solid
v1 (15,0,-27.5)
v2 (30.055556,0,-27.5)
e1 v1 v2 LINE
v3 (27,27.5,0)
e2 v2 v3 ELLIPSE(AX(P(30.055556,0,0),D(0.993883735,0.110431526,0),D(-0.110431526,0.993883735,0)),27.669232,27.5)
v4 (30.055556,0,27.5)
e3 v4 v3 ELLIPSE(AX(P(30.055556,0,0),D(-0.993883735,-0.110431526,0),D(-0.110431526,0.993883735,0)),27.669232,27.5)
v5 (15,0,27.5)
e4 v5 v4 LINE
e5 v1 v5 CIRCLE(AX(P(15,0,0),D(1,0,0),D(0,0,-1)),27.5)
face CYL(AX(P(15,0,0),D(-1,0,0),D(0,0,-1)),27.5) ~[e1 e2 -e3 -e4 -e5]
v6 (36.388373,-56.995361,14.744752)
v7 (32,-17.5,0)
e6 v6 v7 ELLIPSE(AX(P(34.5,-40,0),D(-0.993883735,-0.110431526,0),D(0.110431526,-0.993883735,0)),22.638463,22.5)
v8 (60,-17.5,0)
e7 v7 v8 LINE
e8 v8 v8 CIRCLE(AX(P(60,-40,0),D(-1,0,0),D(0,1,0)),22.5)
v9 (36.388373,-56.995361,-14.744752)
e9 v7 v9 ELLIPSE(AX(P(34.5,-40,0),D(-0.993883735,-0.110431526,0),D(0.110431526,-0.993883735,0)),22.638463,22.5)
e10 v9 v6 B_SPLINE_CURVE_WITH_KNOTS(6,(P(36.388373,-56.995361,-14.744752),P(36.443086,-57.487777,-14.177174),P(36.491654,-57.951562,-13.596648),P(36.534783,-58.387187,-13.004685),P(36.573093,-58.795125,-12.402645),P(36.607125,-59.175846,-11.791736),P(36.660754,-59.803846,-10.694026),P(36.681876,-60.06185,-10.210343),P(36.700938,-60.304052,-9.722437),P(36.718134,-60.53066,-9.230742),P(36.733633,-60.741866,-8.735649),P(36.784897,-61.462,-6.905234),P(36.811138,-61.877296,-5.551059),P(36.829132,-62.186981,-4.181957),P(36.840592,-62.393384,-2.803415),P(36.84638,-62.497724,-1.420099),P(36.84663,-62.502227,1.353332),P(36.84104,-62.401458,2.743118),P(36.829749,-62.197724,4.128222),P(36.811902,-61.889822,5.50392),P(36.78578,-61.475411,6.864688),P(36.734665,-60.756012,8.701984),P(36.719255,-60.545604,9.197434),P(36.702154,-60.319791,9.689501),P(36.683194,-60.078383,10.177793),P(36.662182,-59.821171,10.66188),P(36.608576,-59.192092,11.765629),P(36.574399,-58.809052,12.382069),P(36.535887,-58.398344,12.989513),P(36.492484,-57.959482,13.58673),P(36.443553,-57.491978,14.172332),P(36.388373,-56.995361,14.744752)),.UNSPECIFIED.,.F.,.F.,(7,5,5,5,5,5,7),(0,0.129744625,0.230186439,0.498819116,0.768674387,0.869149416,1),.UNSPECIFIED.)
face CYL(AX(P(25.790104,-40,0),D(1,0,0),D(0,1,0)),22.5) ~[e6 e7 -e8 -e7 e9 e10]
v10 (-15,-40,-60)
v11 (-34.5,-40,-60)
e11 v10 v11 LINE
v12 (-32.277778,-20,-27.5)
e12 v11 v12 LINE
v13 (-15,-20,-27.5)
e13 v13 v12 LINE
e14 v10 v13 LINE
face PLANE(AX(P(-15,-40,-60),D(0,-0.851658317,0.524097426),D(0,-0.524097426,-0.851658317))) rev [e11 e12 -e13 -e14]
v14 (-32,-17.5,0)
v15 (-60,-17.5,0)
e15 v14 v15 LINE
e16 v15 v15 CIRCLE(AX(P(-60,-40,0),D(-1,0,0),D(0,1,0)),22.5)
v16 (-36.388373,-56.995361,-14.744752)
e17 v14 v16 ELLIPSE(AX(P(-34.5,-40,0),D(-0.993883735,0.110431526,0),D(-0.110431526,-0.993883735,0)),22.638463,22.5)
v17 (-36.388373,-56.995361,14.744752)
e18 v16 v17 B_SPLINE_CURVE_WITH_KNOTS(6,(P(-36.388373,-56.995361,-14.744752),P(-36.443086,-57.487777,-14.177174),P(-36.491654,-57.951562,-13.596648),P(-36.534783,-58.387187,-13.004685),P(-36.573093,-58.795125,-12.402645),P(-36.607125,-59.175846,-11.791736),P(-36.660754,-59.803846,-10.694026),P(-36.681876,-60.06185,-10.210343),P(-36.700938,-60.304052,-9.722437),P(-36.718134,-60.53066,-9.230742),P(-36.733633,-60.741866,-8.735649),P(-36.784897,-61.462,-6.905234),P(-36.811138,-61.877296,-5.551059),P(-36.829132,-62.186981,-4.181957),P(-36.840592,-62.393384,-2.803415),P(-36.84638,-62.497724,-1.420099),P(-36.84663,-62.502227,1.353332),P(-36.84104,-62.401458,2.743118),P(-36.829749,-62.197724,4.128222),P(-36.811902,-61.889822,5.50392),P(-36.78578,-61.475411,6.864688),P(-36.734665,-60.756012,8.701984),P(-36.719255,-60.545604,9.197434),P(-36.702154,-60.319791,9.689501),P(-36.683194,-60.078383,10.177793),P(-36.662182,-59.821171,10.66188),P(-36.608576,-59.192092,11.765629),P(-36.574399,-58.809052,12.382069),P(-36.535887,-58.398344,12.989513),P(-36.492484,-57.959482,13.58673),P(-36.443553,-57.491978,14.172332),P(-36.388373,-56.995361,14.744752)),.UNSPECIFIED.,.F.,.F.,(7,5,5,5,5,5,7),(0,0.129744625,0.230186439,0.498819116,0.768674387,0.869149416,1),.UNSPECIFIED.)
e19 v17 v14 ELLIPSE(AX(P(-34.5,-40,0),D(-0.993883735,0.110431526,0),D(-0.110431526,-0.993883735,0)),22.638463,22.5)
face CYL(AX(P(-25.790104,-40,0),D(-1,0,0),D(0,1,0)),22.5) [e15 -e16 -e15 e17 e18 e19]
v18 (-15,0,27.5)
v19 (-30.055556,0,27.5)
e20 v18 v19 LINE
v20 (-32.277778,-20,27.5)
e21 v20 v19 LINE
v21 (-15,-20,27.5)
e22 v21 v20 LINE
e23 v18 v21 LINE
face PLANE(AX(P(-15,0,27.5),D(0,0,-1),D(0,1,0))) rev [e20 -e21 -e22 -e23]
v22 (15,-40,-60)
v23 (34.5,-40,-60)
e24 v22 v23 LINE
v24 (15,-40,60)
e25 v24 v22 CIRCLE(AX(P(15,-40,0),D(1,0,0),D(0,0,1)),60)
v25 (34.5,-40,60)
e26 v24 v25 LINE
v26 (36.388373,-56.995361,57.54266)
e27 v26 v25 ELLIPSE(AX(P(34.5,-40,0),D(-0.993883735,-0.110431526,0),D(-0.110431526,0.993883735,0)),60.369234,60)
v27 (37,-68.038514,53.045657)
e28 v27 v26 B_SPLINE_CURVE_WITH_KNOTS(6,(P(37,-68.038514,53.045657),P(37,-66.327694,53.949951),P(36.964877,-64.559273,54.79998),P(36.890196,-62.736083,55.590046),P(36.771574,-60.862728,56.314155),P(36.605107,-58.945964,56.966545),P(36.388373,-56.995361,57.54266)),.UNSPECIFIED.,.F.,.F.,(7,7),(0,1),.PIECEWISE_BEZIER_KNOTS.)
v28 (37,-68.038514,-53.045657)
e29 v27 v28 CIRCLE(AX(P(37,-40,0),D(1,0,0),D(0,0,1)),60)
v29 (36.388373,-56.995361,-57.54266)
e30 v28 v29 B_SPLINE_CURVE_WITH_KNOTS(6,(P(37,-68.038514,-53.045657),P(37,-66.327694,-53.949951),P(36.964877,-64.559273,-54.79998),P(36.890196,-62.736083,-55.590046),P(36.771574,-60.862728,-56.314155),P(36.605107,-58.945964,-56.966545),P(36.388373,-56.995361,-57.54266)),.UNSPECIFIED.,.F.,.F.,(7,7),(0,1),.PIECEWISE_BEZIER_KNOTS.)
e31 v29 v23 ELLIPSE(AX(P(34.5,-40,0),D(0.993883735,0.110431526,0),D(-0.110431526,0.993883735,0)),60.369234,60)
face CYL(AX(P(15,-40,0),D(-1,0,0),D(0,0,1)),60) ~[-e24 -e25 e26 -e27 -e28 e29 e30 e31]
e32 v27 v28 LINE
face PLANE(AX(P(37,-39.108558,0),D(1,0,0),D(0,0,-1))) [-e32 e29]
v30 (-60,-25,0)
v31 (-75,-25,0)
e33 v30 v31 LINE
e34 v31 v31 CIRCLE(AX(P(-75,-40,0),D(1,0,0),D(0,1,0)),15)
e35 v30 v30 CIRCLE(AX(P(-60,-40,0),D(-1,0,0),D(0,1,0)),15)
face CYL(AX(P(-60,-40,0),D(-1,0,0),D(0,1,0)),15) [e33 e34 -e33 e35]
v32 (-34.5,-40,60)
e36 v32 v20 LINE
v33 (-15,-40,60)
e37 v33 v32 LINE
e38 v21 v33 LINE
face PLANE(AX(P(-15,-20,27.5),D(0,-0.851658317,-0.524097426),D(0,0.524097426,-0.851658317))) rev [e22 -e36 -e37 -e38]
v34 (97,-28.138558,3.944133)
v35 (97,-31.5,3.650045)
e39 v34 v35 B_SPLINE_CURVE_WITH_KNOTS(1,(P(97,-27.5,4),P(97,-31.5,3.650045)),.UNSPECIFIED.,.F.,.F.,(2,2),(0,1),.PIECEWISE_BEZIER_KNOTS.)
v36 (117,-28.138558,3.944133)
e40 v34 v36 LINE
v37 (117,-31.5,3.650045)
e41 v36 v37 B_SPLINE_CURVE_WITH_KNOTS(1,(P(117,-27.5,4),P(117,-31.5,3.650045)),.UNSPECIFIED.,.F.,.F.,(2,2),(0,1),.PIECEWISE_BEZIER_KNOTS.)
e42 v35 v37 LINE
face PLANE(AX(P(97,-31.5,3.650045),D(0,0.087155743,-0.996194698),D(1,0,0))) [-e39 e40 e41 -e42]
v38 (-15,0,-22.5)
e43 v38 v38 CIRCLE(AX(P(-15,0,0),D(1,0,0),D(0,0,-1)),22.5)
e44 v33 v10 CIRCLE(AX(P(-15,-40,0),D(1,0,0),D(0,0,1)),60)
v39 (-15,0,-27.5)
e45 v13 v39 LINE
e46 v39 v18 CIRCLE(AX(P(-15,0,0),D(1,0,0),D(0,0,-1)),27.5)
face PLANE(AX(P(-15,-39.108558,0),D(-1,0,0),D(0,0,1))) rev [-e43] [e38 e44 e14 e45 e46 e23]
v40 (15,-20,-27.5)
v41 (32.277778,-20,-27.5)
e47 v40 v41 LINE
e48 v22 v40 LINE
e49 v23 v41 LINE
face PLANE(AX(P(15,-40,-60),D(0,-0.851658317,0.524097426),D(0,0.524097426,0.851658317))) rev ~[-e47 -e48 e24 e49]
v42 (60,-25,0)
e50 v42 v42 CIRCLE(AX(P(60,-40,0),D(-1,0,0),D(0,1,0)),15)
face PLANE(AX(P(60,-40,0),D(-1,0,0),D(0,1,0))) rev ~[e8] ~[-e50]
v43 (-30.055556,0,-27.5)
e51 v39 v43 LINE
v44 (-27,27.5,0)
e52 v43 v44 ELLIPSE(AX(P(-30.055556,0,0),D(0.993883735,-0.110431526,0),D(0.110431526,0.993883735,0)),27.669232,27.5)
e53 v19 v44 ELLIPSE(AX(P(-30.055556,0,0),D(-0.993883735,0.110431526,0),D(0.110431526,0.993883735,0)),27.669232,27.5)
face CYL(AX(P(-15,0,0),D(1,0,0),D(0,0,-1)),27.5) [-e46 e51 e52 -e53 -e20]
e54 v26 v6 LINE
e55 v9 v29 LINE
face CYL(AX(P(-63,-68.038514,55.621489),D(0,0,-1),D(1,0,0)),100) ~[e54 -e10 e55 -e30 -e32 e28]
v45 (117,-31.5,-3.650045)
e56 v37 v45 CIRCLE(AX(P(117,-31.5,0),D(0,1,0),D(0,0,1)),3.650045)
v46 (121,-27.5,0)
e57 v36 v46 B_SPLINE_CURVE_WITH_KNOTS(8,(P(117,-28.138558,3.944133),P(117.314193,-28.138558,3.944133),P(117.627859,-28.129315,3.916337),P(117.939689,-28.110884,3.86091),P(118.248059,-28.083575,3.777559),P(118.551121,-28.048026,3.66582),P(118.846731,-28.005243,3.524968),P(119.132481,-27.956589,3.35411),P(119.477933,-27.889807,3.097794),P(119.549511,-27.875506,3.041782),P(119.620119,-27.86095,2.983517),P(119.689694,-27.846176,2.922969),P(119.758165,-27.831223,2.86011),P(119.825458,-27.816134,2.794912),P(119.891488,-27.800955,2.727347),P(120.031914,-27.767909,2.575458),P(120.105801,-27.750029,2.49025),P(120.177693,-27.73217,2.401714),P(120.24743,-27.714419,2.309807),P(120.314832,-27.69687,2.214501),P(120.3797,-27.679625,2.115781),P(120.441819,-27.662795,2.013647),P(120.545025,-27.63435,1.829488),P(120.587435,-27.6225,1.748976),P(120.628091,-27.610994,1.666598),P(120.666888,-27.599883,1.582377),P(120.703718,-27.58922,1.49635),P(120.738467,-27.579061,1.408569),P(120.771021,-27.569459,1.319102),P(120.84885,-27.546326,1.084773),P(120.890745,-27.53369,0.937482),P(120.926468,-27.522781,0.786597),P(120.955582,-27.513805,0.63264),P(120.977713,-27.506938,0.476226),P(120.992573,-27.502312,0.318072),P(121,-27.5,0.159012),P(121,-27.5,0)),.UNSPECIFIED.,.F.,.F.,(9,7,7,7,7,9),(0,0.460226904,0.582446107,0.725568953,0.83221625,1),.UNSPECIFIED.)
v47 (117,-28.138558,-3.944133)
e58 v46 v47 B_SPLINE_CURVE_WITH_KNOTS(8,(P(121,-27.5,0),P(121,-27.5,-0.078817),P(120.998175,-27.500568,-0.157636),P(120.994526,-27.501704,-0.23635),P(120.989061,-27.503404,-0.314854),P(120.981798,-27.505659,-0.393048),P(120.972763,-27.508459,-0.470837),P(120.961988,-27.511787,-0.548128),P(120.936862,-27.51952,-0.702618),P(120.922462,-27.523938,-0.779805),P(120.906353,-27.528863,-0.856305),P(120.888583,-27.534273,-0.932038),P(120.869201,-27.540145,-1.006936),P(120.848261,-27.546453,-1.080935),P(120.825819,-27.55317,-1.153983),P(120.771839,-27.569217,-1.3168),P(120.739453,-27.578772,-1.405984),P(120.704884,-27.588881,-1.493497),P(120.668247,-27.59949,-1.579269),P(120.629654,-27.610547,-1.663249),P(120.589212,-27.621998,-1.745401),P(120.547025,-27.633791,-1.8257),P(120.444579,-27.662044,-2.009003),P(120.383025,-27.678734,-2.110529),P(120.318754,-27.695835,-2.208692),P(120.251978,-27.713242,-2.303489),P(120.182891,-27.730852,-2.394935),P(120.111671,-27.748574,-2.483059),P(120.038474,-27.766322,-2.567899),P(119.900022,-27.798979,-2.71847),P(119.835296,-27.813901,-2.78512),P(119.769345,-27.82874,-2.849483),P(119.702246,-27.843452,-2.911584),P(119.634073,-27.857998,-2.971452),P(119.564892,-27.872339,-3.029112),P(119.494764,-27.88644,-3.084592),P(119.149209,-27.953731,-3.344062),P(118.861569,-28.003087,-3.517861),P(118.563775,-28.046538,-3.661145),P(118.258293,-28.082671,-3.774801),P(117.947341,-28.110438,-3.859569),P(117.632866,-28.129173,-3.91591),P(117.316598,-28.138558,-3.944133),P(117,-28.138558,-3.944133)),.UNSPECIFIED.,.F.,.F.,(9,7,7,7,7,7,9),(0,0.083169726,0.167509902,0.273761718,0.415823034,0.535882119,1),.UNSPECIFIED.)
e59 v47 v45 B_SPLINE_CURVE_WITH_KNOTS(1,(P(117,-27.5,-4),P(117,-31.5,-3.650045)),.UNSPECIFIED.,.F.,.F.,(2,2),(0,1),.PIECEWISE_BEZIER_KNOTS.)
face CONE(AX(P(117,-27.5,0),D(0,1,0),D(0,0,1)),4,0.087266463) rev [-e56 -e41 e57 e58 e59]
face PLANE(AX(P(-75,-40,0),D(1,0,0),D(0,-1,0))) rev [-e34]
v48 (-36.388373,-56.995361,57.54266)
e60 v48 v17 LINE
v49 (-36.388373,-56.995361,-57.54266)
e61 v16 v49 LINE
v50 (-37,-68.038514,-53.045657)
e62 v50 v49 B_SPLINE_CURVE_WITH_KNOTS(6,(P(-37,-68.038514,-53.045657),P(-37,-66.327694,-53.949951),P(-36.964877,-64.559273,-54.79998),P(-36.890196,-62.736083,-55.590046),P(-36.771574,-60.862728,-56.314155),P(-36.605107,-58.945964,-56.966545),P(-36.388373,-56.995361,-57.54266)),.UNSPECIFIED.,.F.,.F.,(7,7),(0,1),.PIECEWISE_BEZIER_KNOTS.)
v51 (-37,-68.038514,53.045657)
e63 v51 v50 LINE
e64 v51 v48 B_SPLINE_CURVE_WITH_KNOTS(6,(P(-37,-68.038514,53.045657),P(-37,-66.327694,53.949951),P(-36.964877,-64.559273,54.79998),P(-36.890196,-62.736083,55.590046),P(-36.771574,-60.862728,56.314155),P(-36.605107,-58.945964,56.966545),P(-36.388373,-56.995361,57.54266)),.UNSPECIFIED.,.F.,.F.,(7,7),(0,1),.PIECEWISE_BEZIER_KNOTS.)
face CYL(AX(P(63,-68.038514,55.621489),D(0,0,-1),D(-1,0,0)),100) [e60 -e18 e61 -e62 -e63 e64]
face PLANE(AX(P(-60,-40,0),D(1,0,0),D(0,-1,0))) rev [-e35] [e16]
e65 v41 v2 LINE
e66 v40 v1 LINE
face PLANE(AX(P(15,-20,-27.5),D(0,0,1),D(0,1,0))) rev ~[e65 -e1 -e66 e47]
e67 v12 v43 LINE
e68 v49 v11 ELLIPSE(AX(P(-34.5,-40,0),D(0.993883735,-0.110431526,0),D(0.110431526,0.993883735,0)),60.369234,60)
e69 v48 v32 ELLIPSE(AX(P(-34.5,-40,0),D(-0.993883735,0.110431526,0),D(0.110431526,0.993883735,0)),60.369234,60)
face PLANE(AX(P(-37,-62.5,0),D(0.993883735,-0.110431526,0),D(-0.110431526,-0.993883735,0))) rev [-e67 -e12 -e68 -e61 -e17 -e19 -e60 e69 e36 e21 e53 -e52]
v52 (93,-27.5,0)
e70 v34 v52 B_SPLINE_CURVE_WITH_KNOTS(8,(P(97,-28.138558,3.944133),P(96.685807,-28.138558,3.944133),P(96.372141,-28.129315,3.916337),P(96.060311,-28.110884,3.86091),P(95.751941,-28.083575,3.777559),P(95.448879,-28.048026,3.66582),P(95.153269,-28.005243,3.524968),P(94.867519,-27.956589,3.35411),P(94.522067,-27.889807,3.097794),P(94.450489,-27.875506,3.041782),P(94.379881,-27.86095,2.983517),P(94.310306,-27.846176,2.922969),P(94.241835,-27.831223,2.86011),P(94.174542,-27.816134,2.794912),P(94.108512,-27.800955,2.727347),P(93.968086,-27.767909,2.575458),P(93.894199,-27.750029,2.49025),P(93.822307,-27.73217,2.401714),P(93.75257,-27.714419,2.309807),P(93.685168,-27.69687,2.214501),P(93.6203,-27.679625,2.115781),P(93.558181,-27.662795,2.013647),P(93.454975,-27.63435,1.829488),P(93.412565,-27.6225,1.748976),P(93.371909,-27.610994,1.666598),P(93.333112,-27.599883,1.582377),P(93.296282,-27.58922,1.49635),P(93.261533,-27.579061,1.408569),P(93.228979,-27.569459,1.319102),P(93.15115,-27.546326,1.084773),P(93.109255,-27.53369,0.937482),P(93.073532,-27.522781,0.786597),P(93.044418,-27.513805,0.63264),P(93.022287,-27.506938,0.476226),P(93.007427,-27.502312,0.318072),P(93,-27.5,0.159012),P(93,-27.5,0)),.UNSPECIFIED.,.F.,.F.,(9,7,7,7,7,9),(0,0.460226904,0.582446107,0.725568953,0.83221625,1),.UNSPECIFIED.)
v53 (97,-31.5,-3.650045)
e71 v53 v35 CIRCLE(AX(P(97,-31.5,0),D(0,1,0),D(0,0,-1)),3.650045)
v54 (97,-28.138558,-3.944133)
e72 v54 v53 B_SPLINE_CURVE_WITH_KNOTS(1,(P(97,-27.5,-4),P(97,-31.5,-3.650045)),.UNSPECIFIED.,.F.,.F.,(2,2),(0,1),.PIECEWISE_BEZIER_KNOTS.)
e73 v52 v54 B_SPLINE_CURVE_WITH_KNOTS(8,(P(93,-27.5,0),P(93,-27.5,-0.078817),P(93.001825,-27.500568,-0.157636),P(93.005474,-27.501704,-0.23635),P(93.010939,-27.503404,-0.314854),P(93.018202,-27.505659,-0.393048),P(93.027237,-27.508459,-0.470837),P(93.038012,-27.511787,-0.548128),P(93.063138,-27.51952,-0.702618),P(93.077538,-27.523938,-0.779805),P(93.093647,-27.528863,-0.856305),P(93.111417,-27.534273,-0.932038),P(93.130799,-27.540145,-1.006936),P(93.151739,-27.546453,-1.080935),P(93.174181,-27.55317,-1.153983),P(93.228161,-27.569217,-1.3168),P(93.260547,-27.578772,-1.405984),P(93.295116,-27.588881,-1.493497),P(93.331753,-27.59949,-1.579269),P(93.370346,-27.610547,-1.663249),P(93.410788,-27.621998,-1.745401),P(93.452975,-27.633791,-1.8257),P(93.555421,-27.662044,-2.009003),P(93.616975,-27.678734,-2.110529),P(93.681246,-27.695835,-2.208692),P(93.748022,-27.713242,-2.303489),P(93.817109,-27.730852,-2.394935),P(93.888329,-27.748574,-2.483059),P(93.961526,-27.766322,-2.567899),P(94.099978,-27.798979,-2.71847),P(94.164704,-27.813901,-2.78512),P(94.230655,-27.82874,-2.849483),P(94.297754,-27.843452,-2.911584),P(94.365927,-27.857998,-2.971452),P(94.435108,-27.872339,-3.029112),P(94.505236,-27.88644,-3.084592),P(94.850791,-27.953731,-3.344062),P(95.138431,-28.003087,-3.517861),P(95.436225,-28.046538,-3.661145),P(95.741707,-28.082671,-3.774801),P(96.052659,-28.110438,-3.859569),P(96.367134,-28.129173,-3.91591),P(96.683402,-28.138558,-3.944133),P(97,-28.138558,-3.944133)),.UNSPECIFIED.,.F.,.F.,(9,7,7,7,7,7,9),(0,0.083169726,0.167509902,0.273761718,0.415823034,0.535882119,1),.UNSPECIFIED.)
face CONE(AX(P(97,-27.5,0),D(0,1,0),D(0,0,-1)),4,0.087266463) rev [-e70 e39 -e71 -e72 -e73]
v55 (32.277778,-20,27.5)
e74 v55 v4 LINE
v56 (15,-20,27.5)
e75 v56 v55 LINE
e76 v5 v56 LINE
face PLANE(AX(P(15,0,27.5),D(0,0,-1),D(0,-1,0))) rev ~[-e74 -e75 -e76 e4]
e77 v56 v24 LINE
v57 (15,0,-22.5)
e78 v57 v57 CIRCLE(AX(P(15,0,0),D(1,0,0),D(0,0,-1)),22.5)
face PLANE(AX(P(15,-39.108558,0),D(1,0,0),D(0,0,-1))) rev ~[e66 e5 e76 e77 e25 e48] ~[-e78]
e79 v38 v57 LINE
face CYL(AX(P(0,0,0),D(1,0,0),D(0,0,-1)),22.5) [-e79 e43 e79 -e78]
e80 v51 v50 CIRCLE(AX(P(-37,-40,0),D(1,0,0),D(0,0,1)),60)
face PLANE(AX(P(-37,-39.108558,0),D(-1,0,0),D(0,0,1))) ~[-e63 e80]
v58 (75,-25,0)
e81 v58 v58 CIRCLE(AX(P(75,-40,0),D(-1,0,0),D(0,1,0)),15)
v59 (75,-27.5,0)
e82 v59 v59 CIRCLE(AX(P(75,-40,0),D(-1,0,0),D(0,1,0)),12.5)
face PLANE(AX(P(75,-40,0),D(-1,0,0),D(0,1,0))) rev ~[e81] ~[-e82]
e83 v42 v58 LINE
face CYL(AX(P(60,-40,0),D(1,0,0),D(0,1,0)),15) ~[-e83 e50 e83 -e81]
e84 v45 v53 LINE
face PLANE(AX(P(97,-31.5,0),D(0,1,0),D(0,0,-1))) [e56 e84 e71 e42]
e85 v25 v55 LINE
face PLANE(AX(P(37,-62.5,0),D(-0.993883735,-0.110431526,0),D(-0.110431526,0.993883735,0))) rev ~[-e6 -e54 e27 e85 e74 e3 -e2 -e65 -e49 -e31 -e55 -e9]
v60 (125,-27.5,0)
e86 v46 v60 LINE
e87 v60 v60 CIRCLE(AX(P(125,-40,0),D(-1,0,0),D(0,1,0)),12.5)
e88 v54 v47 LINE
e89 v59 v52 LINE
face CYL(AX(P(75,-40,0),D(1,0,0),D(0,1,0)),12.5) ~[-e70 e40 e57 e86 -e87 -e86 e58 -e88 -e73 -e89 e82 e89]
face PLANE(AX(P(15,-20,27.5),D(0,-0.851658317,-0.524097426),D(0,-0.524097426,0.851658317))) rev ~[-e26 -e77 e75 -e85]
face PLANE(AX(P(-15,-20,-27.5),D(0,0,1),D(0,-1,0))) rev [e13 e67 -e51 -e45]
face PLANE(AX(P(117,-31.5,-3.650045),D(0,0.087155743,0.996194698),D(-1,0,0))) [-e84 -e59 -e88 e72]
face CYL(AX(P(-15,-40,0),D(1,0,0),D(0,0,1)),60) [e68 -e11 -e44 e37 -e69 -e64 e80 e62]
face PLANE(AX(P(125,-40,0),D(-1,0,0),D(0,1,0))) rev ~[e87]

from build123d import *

# Parameters (mm, degrees)
SKETCH1_R               = 22.5
BOSS_EXTRUDE1_DEPTH     = 15
BOSS_EXTRUDE2_DEPTH     = 22
CUT_EXTRUDE1_DEPTH      = 61
CUT_EXTRUDE1_DEPTH_BACK = 61
FILLET1_R               = 100
CUT_EXTRUDE2_START      = -27.5
CUT_EXTRUDE2_DEPTH      = 4
CUT_EXTRUDE2_TAPER      = 5
CUT_EXTRUDE3_DEPTH      = 61.0000001
CUT_EXTRUDE3_DEPTH_BACK = 61.0000001


with BuildPart() as part:
    # Sketch1 → Boss-Extrude1 (new body)
    with BuildSketch(Plane(origin=(0, 0, 0), x_dir=(0, 0, -1), z_dir=(1, 0, 0))):
        Circle(SKETCH1_R)
    extrude(amount=BOSS_EXTRUDE1_DEPTH)

    # Sketch2 → Boss-Extrude2 (add)
    with BuildSketch(Plane(origin=(15, 0, 0), x_dir=(0, 0, -1), z_dir=(1, 0, 0))):
        with BuildLine():
            Line((-27.5, 0), (-27.5, -20))
            Line((-27.5, -20), (-60, -40))
            ThreePointArc((-60, -40), (0, -100), (60, -40))
            Line((60, -40), (27.5, -20))
            Line((27.5, -20), (27.5, 0))
            ThreePointArc((27.5, 0), (0, 27.5), (-27.5, 0))
        make_face()
    extrude(amount=BOSS_EXTRUDE2_DEPTH)

    # Sketch3 → Cut-Extrude1 (cut, two sides)
    with BuildSketch(Plane.XY) as cut_extrude1_sk:
        Polygon((27, 27.5), (37, 27.5), (37, -62.5), align=None)
    extrude(amount=CUT_EXTRUDE1_DEPTH, mode=Mode.SUBTRACT)
    extrude(cut_extrude1_sk.sketch, amount=-CUT_EXTRUDE1_DEPTH_BACK, mode=Mode.SUBTRACT)

    # Fillet1
    fillet1_edges = [part.edges().sort_by_distance(p)[0] for p in [
        (37, -62.5, 0),
    ]]
    fillet(fillet1_edges, radius=FILLET1_R)

    # Sketch4 → Revolve1 (revolve)
    with BuildSketch(Plane.XY):
        Polygon((25.790103906, -17.5), (60, -17.5), (60, -25), (75, -25), (75, -27.5), (125, -27.5), (125, -40), (25.790103906, -40), align=None)
    revolve(axis=Axis((125, -40, 0), (-1, 0, 0)))

    # Sketch5 → Cut-Extrude2 (cut)
    with BuildSketch(Plane(origin=(0, 0, 0), x_dir=(1, 0, 0), z_dir=(0, 1, 0)).offset(CUT_EXTRUDE2_START)):
        with BuildLine():
            ThreePointArc((97, 4), (93, 0), (97, -4))
            Line((97, -4), (117, -4))
            ThreePointArc((117, -4), (121, 0), (117, 4))
            Line((117, 4), (97, 4))
        make_face()
    extrude(amount=-CUT_EXTRUDE2_DEPTH, taper=CUT_EXTRUDE2_TAPER, mode=Mode.SUBTRACT)

    # Mirror1: part across plane


with BuildPart() as part_1:
    add(part.part)
    add(part.part.mirror(Plane(origin=(0, 0, 0), x_dir=(0, 0, 1), z_dir=(1, 0, 0))))

    # Sketch6 → Cut-Extrude3 (cut, two sides)
    with BuildSketch(Plane.XY) as cut_extrude3_sk:
        Polygon((-75, -520.584014882), (-75, -67.635702331), (-75, -7.558349371), (-75, 445.38996318), (-980.896625102, 445.38996318), (-980.896625102, -520.584014882), align=None)
    extrude(amount=CUT_EXTRUDE3_DEPTH, mode=Mode.SUBTRACT)
    extrude(cut_extrude3_sk.sketch, amount=-CUT_EXTRUDE3_DEPTH_BACK, mode=Mode.SUBTRACT)


solid = part_1.part
